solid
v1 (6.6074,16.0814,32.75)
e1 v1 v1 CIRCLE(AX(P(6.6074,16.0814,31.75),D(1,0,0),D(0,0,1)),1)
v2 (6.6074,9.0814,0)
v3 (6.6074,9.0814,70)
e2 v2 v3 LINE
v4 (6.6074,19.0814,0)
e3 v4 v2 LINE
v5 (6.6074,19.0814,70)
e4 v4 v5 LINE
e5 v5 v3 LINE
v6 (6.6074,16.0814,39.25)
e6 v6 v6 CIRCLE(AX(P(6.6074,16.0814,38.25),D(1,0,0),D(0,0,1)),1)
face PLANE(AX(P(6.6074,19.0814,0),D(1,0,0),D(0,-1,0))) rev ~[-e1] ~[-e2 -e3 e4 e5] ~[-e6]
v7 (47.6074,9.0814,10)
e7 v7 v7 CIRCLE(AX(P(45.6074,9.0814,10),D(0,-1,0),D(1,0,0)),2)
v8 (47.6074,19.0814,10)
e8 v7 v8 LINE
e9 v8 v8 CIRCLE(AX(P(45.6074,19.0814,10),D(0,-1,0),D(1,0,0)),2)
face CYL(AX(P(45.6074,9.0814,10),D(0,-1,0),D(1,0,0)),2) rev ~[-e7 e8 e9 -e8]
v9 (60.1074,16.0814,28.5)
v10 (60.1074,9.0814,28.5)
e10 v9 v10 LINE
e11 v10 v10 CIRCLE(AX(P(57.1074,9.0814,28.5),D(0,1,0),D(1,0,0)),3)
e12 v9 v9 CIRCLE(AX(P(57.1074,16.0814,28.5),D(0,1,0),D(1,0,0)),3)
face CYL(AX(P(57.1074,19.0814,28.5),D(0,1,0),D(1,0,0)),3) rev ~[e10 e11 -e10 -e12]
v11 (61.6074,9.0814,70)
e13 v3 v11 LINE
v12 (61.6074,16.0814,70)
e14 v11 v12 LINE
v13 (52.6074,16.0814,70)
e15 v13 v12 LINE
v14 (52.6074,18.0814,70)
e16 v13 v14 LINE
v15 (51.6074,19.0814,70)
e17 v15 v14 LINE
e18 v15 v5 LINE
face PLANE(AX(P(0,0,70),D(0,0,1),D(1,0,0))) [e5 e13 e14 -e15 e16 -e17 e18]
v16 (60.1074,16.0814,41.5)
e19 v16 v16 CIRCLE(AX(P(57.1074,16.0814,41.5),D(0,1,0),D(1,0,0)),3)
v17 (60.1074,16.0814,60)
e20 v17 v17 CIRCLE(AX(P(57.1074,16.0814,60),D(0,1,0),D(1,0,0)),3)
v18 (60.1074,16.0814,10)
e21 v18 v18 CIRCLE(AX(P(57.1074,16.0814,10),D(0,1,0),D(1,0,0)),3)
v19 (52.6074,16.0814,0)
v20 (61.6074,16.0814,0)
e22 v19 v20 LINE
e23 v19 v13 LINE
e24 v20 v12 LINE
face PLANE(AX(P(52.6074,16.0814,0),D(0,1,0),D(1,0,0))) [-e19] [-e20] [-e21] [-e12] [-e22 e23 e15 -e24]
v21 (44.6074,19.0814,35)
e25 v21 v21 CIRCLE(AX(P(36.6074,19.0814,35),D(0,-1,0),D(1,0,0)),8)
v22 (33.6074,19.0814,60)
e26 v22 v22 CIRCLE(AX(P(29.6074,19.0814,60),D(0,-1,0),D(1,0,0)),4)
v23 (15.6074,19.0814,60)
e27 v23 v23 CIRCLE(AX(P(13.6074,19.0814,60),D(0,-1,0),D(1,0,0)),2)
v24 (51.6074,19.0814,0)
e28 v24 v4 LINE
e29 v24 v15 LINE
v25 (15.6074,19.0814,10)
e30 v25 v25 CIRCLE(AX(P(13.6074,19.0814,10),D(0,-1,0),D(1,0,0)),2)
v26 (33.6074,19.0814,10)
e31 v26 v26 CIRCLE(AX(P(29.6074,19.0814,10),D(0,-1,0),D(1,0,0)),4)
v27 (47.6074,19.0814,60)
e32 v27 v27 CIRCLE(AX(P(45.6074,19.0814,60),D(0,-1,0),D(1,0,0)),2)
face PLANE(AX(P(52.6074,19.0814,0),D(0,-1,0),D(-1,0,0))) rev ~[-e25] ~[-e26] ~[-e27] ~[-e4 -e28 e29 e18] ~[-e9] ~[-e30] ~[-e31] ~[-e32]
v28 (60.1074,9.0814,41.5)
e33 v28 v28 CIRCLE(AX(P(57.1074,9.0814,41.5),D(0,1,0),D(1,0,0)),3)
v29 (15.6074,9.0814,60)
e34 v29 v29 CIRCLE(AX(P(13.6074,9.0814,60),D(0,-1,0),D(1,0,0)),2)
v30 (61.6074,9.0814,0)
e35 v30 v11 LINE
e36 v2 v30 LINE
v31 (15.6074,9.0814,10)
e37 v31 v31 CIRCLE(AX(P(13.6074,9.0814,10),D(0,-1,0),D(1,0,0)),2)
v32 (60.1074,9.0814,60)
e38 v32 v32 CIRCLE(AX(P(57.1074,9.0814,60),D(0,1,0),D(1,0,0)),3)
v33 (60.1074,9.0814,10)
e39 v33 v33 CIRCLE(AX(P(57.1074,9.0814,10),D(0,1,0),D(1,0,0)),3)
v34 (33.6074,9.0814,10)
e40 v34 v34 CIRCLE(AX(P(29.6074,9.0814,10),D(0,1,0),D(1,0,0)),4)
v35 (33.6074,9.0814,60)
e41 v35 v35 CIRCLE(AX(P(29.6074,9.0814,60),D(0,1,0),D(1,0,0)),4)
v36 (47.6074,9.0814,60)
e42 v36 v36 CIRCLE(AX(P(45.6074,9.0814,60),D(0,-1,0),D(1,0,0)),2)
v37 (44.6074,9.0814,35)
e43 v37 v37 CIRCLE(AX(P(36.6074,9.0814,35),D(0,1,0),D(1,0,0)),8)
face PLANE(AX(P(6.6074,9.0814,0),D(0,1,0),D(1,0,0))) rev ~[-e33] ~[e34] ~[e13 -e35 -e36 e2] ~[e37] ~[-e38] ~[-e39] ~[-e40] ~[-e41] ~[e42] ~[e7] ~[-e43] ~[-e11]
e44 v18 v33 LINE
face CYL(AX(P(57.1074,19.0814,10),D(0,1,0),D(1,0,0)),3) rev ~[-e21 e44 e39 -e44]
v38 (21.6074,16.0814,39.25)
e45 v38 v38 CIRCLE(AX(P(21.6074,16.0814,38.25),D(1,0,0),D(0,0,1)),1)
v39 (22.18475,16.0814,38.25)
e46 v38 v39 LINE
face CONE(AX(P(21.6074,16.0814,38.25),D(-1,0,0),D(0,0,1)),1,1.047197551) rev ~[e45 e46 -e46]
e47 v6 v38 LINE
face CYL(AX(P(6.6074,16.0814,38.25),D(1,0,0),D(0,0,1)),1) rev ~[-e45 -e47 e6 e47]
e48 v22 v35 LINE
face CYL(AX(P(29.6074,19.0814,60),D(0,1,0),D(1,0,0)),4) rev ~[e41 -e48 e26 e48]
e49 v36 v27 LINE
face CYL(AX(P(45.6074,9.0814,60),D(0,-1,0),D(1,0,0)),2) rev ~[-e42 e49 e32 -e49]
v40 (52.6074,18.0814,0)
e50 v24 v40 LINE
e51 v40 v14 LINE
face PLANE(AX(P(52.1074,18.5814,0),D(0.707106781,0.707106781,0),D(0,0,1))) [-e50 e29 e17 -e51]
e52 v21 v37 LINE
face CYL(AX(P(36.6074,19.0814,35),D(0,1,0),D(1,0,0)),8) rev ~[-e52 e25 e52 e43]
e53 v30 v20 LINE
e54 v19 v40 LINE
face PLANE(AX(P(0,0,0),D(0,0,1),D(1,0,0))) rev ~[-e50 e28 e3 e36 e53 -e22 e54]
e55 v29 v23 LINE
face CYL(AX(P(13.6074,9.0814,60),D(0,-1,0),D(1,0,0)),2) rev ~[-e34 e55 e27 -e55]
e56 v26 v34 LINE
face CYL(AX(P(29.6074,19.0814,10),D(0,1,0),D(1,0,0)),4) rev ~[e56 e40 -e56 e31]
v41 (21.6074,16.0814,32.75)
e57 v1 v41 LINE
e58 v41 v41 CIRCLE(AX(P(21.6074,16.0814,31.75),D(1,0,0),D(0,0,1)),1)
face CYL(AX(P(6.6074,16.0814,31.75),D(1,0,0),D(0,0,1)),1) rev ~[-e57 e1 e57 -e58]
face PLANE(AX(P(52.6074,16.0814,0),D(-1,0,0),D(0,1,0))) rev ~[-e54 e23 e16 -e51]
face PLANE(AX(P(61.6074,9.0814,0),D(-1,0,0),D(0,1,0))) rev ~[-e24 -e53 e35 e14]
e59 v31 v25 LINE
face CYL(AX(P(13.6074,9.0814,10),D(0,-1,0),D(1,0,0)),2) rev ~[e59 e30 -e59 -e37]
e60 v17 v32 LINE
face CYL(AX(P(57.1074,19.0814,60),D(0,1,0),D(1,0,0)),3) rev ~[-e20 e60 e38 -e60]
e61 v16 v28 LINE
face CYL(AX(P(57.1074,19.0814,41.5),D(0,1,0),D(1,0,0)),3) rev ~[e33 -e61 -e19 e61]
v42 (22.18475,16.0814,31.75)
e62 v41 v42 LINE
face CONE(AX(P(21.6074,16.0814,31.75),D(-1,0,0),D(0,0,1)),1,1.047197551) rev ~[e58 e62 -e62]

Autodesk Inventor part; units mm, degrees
ref_plane "YZ Plane" through (0, 0, 0) normal (1, 0, 0) x (0, 1, 0)
ref_plane "XZ Plane" through (0, 0, 0) normal (0, 1, 0) x (-1, 0, 0)
ref_plane "XY Plane" through (0, 0, 0) normal (0, 0, 1) x (1, 0, 0)
sketch "Sketch1" plane through (0, 0, 0) normal (0, 0, 1) x (1, 0, 0)
  line L0 (6.6074, 9.0814) -> (61.6074, 9.0814)
  line L1 (61.6074, 9.0814) -> (61.6074, 16.0814)
  line L2 (52.6074, 19.0814) -> (6.6074, 19.0814)
  line L3 (6.6074, 19.0814) -> (6.6074, 9.0814)
  line L4 (52.6074, 16.0814) -> (52.6074, 19.0814)
  line L5 (52.6074, 16.0814) -> (61.6074, 16.0814)
  point P0 (0, 0)
  dimension "d0" = 55
  dimension "d1" = 7
  dimension "d6" = 9
  dimension "d7" = 3
extrude "Extrusion1" add sketch "Sketch1" along normal blind 70
sketch "Sketch2" plane through (6.6074, 19.0814, 0) normal (0, 1, 0) x (1, 0, 0)
  circle A0 centre (23, -10) radius 4
  circle A1 centre (23, -60) radius 4
  line L0 (46, -70) -> (0, -70) projected
  line L1 (55, 0) -> (55, -70) projected
  line L2 (46, 0) -> (0, 0) projected
  circle A2 centre (30, -35) radius 8
  line L3 (55, 0) -> (55, -70) projected
  circle A3 centre (50.5, -60) radius 3
  line L4 (46, 0) -> (46, -70) projected
  line L5 (55, -70) -> (46, -70) projected
  circle A4 centre (50.5, -41.5) radius 3
  circle A5 centre (50.5, -10) radius 3
  circle A6 centre (50.5, -28.5) radius 3
  line L6 (55, 0) -> (46, 0) projected
  line L7 (30, -43) -> (12.7252, -43)
  line L8 (23, -56) -> (14.0477, -56)
  line L9 (9, -14) -> (9, -56)
  line L10 (9, -56) -> (51, -56)
  line L11 (51, -56) -> (51, -14)
  line L12 (51, -14) -> (9, -14)
  circle A7 centre (14.5, -19.5) radius 2
  circle A8 centre (45.5, -19.5) radius 2
  circle A9 centre (45.5, -50.5) radius 2
  circle A10 centre (14.5, -51.5) radius 2
  line L13 (1, -101.1728) -> (51, -101.1728)
  circle A11 centre (39, -60) radius 2
  circle A12 centre (7, -60) radius 2
  circle A13 centre (30, -35) radius 12.5
  circle A14 centre (7, -60) radius 4
  circle A15 centre (39, -60) radius 4
  line L14 (0, 0) -> (0, -70) projected
  line L15 (0, -35) -> (-6.6074, -35)
  circle A16 centre (39, -10) radius 2
  circle A17 centre (7, -10) radius 2
  circle A18 centre (7, -10) radius 4
  circle A19 centre (39, -10) radius 4
  line L16 (37, -60) -> (37, -51.6268)
  line L17 (35, -60) -> (35, -52.1291)
  circle A20 centre (23, -60) radius 9
  line L18 (11, -60) -> (11, -66.8543)
  line L19 (14, -60) -> (14, -67.7509)
  line L20 (32, -60) -> (32, -67.7509)
  circle A21 centre (23, -60) radius 10
  line L21 (13, -60) -> (13, -90.2082)
  circle A22 centre (7, -97.0024) radius 2
  line L22 (13, -90.2082) -> (13, -105.086)
  circle A23 centre (39, -97.0024) radius 2
  line L23 (51, -101.1728) -> (51, -88.3214)
  line L24 (33, -60) -> (33, -163.1603)
  line L25 (1, -101.1728) -> (1, -81.8849)
  circle A24 centre (50.5, -105.086) radius 6.5
  line L26 (43, -90.2082) -> (43, -98.586)
  point P0 (-6.6074, 0)
  dimension "d11" = 8
  dimension "d17" = 16
  dimension "d55" = 4
  dimension "d64" = 8
  dimension "d65" = 8
  dimension "d10" = 8
  dimension "d12" = 10
  dimension "d15" = 10
  dimension "d18" = 35
  dimension "d22" = 6
  dimension "d23" = 4.5
  dimension "d24" = 10
  dimension "d30" = 10
  dimension "d33" = 32
  dimension "d34" = 32
  dimension "d35" = 25
  dimension "d36" = 4.5
  dimension "d37" = 4.5
  dimension "d40" = 42
  dimension "d41" = 42
  dimension "d42" = 42
  dimension "d43" = 4
  dimension "d44" = 4
  dimension "d45" = 4
  dimension "d46" = 4
  dimension "d47" = 31
  dimension "d48" = 31
  dimension "d50" = 32
  dimension "d51" = 5.5
  dimension "d52" = 5.5
  dimension "d53" = 5.5
  dimension "d54" = 50
  dimension "d56" = 4
  dimension "d59" = 60
  dimension "d60" = 60
  dimension "d61" = 21
  dimension "d62" = 5.5
  dimension "d63" = 25
  dimension "d69" = 7
  dimension "d71" = 18
  dimension "d72" = 14
  dimension "d73" = 14
  dimension "d74" = 20
  dimension "d75" = 4
  dimension "d76" = 4
  dimension "d79" = 6
  dimension "d80" = 6
  dimension "d83" = 12
  dimension "d84" = 13
  dimension "d86" = 8
  dimension "d129" = 28.5
  dimension "d130" = 28.5
extrude "Extrusion2" cut sketch "Sketch2" against normal blind 30 contours A0 | L11 A6 | A6 L11 | A1 | L11 A4 | A4 L11 | A2 | A3 | A5
sketch "Sketch4" plane through (6.6074, 9.0814, 0) normal (0, -1, 0) x (1, 0, 0)
  circle A0 centre (7, 60) radius 2
  circle A1 centre (39, 60) radius 2
  circle A2 centre (7, 10) radius 2
  circle A3 centre (39, 10) radius 2
  dimension "d97" = 4
  dimension "d98" = 4
  dimension "d99" = 4
extrude "Extrusion4" cut sketch "Sketch4" against normal blind 70
sketch "Boceto5" plane through (6.6074, 9.0814, 0) normal (-1, 0, 0) x (0, 0, 1)
  circle A0 centre (38.25, 7) radius 1
  circle A1 centre (31.75, 7) radius 1
  line L0 (70, 10) -> (70, 0) projected
  line L1 (0, 10) -> (70, 10) projected
  line L2 (35, 6.1177) -> (35, -0.846)
  point P0 (0, -9.0814)
  dimension "d106" = 2
  dimension "d139" = 3
  dimension "d140" = 2
  dimension "d141" = 3
  dimension "d142" = 6.5
  dimension "d143" = 3.25
  dimension "d144" = 35
hole "Agujero1" at (6.6074, 16.0814, 38.25) at (6.6074, 16.0814, 31.75) direction (1, 0, 0) diameter 2 depth 15 tip angle 120
thread "Thread3" size "M4x0.7" class "6H" standard "ISO Metric profile" length 98
thread "Thread4" size "M4x0.7" class "6H" standard "ISO Metric profile" length 98
thread "Thread5" size "M4x0.7" class "6H" standard "ISO Metric profile" length 98
thread "Thread6" size "M4x0.7" class "6H" standard "ISO Metric profile" length 98
thread "Thread7" size "M2x0.4" class "6H" standard "ISO Metric profile" length 12
thread "Thread8" size "M2x0.4" class "6H" standard "ISO Metric profile" length 12
chamfer "Chaflán1" distance 1 angle 45 1 edges at (52.6074, 19.0814, 35)
properties part number "Techo, Vínculo Cabezal" material "Aluminum 6061"
